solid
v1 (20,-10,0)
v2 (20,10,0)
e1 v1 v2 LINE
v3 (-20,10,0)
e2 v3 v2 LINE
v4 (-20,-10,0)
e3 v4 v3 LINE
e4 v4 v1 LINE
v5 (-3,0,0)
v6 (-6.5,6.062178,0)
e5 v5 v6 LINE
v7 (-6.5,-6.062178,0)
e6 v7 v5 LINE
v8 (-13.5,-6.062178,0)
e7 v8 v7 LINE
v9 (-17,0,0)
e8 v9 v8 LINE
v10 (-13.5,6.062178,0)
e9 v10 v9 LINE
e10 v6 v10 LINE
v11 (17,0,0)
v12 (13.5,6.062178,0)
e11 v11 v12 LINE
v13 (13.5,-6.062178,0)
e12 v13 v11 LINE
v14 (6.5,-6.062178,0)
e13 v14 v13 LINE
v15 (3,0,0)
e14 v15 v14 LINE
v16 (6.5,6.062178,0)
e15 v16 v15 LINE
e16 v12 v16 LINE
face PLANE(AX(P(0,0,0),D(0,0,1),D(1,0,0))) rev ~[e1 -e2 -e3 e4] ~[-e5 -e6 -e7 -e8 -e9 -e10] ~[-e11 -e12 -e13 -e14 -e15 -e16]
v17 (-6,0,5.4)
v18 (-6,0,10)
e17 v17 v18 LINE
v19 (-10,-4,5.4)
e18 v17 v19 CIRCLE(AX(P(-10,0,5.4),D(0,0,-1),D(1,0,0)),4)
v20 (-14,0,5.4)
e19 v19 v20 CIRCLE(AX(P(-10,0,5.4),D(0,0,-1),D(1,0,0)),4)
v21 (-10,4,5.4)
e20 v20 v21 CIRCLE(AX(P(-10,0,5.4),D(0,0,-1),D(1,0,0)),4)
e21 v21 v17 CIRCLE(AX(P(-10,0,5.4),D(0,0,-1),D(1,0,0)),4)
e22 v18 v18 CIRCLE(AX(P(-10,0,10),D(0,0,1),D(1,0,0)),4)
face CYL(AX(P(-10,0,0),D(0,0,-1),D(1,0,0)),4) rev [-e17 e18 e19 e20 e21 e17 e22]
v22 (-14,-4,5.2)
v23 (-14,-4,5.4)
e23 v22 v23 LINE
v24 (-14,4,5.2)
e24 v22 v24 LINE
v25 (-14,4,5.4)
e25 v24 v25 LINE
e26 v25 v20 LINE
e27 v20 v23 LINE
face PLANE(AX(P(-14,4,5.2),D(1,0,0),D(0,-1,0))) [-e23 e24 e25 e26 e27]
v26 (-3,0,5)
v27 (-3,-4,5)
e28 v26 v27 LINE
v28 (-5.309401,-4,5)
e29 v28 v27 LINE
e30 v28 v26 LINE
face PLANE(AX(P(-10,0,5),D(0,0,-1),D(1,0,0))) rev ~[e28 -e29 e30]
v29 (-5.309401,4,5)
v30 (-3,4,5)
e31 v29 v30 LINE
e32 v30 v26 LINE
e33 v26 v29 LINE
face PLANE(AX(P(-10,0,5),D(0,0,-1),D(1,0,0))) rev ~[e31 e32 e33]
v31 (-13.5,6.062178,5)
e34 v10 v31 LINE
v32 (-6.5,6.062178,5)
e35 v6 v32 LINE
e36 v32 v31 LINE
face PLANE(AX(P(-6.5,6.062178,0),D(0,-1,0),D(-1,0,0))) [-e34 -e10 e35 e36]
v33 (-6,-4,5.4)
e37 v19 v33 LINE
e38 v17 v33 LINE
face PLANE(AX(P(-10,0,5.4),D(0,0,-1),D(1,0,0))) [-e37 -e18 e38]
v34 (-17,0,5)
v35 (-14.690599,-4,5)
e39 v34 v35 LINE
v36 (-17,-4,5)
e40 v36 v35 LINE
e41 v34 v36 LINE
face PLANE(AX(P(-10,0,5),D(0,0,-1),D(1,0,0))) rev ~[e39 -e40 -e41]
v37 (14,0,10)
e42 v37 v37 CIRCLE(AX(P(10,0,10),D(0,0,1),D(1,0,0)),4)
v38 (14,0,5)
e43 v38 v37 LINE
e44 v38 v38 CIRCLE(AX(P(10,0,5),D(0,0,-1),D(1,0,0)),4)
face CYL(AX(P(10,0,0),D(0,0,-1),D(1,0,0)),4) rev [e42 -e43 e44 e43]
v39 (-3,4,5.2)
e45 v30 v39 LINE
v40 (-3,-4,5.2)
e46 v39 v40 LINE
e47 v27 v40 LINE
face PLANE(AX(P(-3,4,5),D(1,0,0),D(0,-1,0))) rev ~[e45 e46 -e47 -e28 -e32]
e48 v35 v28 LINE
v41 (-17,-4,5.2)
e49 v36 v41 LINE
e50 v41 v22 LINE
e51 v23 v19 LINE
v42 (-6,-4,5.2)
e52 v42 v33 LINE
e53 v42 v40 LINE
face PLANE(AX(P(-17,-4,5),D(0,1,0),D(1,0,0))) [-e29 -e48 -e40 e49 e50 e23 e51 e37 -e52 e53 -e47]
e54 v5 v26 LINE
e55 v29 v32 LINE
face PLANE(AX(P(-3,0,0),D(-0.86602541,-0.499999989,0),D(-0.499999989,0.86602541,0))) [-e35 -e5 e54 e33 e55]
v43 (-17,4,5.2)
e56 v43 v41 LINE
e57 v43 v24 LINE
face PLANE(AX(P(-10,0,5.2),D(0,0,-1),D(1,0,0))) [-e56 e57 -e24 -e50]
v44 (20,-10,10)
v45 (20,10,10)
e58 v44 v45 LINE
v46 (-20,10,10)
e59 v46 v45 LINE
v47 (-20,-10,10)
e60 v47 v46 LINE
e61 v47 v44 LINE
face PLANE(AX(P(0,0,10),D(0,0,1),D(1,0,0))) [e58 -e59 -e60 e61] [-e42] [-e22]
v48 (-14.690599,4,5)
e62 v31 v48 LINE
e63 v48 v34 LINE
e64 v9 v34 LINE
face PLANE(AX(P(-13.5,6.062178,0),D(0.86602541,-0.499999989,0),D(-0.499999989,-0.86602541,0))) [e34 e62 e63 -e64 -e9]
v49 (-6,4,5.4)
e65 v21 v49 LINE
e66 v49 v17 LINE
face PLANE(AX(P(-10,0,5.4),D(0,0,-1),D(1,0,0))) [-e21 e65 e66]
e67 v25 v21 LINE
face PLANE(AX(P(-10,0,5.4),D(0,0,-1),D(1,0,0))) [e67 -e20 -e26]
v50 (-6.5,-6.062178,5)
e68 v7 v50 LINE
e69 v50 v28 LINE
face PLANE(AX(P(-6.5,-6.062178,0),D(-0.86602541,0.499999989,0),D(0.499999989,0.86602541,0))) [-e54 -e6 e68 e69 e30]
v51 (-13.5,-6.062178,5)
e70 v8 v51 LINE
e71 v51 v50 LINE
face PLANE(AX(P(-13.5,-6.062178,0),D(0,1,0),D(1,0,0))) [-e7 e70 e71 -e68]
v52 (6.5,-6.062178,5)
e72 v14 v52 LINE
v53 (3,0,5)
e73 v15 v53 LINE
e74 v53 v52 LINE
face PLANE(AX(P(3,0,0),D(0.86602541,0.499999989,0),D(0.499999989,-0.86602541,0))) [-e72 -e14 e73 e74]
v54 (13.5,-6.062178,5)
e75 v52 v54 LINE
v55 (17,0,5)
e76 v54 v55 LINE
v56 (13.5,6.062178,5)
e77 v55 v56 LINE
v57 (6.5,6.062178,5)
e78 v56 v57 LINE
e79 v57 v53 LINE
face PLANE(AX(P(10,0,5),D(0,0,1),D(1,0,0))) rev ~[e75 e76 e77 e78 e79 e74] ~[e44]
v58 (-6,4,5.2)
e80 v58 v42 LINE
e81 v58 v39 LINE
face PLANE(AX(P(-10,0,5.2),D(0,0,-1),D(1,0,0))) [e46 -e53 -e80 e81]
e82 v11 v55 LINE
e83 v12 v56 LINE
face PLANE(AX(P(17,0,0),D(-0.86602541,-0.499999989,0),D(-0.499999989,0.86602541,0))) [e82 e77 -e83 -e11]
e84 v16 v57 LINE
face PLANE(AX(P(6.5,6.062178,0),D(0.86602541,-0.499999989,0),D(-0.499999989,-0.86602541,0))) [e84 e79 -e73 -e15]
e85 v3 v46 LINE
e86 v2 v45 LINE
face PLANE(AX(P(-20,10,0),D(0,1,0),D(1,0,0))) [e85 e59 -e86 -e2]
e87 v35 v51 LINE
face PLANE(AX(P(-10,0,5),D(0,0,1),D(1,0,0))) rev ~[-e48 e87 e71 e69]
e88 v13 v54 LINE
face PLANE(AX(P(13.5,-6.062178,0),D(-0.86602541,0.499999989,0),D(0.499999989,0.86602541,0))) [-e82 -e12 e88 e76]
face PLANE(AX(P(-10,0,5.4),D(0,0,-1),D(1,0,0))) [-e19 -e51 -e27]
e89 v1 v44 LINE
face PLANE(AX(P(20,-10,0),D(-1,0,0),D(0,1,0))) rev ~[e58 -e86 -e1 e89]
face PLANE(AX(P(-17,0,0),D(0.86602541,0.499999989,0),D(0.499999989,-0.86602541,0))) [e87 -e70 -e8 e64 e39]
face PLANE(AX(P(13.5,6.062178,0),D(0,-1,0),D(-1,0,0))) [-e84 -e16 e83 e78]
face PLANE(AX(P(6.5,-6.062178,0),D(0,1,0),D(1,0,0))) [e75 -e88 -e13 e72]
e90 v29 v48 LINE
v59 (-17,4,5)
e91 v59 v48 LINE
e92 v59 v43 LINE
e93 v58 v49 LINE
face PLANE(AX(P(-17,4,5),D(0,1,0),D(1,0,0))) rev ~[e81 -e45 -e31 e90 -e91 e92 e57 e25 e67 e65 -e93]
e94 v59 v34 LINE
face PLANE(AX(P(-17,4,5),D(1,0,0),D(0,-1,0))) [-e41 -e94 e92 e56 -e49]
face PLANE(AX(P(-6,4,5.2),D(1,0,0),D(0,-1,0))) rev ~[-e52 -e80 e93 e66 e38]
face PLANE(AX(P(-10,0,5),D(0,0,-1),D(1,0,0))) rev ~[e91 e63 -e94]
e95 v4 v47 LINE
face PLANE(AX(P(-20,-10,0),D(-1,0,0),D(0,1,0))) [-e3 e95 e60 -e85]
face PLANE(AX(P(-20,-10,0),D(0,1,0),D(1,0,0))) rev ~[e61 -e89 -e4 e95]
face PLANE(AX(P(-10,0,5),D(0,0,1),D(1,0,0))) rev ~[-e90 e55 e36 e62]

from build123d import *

# Parameters (mm, degrees)
SKETCH_W        = 40
SKETCH_H        = 20
SKETCH_R        = 4
PAD_DEPTH       = 10
POCKET_DEPTH    = 5
SKETCH002_W     = 14
SKETCH002_H     = 8
POCKET001_DEPTH = 0.2
SKETCH003_W     = 8
SKETCH003_H     = 8
POCKET002_DEPTH = 0.2


with BuildPart() as part:
    # Sketch → Pad (new body)
    with BuildSketch(Plane.XY):
        Rectangle(SKETCH_W, SKETCH_H)
        with Locations((-10, 0)):
            Circle(SKETCH_R, mode=Mode.SUBTRACT)
        with Locations((10, 0)):
            Circle(SKETCH_R, mode=Mode.SUBTRACT)
    extrude(amount=PAD_DEPTH)

    # Sketch001 → Pocket (cut)
    with BuildSketch(Plane.XY):
        Polygon((-6.5, 6.062178), (-13.5, 6.062178), (-17, 0), (-13.5, -6.062178), (-6.5, -6.062178), (-3, 0), align=None)
        Polygon((13.5, 6.062178), (6.5, 6.062178), (3, 0), (6.5, -6.062178), (13.5, -6.062178), (17, 0), align=None)
    extrude(amount=POCKET_DEPTH, mode=Mode.SUBTRACT)

    # Sketch002 (on Face21 of Pocket) → Pocket001 (cut)
    with BuildSketch(Plane(origin=(0, 0, 5), x_dir=(1, 0, 0), z_dir=(0, 0, -1))):
        with Locations((-10, 0)):
            Rectangle(SKETCH002_W, SKETCH002_H)
    extrude(amount=-POCKET001_DEPTH, mode=Mode.SUBTRACT)

    # Sketch003 (on Face28 of Pocket001) → Pocket002 (cut)
    with BuildSketch(Plane(origin=(0, 0, 5.2), x_dir=(1, 0, 0), z_dir=(0, 0, -1))):
        with Locations((-10, 0)):
            Rectangle(SKETCH003_W, SKETCH003_H)
    extrude(amount=-POCKET002_DEPTH, mode=Mode.SUBTRACT)


solid = part.part
